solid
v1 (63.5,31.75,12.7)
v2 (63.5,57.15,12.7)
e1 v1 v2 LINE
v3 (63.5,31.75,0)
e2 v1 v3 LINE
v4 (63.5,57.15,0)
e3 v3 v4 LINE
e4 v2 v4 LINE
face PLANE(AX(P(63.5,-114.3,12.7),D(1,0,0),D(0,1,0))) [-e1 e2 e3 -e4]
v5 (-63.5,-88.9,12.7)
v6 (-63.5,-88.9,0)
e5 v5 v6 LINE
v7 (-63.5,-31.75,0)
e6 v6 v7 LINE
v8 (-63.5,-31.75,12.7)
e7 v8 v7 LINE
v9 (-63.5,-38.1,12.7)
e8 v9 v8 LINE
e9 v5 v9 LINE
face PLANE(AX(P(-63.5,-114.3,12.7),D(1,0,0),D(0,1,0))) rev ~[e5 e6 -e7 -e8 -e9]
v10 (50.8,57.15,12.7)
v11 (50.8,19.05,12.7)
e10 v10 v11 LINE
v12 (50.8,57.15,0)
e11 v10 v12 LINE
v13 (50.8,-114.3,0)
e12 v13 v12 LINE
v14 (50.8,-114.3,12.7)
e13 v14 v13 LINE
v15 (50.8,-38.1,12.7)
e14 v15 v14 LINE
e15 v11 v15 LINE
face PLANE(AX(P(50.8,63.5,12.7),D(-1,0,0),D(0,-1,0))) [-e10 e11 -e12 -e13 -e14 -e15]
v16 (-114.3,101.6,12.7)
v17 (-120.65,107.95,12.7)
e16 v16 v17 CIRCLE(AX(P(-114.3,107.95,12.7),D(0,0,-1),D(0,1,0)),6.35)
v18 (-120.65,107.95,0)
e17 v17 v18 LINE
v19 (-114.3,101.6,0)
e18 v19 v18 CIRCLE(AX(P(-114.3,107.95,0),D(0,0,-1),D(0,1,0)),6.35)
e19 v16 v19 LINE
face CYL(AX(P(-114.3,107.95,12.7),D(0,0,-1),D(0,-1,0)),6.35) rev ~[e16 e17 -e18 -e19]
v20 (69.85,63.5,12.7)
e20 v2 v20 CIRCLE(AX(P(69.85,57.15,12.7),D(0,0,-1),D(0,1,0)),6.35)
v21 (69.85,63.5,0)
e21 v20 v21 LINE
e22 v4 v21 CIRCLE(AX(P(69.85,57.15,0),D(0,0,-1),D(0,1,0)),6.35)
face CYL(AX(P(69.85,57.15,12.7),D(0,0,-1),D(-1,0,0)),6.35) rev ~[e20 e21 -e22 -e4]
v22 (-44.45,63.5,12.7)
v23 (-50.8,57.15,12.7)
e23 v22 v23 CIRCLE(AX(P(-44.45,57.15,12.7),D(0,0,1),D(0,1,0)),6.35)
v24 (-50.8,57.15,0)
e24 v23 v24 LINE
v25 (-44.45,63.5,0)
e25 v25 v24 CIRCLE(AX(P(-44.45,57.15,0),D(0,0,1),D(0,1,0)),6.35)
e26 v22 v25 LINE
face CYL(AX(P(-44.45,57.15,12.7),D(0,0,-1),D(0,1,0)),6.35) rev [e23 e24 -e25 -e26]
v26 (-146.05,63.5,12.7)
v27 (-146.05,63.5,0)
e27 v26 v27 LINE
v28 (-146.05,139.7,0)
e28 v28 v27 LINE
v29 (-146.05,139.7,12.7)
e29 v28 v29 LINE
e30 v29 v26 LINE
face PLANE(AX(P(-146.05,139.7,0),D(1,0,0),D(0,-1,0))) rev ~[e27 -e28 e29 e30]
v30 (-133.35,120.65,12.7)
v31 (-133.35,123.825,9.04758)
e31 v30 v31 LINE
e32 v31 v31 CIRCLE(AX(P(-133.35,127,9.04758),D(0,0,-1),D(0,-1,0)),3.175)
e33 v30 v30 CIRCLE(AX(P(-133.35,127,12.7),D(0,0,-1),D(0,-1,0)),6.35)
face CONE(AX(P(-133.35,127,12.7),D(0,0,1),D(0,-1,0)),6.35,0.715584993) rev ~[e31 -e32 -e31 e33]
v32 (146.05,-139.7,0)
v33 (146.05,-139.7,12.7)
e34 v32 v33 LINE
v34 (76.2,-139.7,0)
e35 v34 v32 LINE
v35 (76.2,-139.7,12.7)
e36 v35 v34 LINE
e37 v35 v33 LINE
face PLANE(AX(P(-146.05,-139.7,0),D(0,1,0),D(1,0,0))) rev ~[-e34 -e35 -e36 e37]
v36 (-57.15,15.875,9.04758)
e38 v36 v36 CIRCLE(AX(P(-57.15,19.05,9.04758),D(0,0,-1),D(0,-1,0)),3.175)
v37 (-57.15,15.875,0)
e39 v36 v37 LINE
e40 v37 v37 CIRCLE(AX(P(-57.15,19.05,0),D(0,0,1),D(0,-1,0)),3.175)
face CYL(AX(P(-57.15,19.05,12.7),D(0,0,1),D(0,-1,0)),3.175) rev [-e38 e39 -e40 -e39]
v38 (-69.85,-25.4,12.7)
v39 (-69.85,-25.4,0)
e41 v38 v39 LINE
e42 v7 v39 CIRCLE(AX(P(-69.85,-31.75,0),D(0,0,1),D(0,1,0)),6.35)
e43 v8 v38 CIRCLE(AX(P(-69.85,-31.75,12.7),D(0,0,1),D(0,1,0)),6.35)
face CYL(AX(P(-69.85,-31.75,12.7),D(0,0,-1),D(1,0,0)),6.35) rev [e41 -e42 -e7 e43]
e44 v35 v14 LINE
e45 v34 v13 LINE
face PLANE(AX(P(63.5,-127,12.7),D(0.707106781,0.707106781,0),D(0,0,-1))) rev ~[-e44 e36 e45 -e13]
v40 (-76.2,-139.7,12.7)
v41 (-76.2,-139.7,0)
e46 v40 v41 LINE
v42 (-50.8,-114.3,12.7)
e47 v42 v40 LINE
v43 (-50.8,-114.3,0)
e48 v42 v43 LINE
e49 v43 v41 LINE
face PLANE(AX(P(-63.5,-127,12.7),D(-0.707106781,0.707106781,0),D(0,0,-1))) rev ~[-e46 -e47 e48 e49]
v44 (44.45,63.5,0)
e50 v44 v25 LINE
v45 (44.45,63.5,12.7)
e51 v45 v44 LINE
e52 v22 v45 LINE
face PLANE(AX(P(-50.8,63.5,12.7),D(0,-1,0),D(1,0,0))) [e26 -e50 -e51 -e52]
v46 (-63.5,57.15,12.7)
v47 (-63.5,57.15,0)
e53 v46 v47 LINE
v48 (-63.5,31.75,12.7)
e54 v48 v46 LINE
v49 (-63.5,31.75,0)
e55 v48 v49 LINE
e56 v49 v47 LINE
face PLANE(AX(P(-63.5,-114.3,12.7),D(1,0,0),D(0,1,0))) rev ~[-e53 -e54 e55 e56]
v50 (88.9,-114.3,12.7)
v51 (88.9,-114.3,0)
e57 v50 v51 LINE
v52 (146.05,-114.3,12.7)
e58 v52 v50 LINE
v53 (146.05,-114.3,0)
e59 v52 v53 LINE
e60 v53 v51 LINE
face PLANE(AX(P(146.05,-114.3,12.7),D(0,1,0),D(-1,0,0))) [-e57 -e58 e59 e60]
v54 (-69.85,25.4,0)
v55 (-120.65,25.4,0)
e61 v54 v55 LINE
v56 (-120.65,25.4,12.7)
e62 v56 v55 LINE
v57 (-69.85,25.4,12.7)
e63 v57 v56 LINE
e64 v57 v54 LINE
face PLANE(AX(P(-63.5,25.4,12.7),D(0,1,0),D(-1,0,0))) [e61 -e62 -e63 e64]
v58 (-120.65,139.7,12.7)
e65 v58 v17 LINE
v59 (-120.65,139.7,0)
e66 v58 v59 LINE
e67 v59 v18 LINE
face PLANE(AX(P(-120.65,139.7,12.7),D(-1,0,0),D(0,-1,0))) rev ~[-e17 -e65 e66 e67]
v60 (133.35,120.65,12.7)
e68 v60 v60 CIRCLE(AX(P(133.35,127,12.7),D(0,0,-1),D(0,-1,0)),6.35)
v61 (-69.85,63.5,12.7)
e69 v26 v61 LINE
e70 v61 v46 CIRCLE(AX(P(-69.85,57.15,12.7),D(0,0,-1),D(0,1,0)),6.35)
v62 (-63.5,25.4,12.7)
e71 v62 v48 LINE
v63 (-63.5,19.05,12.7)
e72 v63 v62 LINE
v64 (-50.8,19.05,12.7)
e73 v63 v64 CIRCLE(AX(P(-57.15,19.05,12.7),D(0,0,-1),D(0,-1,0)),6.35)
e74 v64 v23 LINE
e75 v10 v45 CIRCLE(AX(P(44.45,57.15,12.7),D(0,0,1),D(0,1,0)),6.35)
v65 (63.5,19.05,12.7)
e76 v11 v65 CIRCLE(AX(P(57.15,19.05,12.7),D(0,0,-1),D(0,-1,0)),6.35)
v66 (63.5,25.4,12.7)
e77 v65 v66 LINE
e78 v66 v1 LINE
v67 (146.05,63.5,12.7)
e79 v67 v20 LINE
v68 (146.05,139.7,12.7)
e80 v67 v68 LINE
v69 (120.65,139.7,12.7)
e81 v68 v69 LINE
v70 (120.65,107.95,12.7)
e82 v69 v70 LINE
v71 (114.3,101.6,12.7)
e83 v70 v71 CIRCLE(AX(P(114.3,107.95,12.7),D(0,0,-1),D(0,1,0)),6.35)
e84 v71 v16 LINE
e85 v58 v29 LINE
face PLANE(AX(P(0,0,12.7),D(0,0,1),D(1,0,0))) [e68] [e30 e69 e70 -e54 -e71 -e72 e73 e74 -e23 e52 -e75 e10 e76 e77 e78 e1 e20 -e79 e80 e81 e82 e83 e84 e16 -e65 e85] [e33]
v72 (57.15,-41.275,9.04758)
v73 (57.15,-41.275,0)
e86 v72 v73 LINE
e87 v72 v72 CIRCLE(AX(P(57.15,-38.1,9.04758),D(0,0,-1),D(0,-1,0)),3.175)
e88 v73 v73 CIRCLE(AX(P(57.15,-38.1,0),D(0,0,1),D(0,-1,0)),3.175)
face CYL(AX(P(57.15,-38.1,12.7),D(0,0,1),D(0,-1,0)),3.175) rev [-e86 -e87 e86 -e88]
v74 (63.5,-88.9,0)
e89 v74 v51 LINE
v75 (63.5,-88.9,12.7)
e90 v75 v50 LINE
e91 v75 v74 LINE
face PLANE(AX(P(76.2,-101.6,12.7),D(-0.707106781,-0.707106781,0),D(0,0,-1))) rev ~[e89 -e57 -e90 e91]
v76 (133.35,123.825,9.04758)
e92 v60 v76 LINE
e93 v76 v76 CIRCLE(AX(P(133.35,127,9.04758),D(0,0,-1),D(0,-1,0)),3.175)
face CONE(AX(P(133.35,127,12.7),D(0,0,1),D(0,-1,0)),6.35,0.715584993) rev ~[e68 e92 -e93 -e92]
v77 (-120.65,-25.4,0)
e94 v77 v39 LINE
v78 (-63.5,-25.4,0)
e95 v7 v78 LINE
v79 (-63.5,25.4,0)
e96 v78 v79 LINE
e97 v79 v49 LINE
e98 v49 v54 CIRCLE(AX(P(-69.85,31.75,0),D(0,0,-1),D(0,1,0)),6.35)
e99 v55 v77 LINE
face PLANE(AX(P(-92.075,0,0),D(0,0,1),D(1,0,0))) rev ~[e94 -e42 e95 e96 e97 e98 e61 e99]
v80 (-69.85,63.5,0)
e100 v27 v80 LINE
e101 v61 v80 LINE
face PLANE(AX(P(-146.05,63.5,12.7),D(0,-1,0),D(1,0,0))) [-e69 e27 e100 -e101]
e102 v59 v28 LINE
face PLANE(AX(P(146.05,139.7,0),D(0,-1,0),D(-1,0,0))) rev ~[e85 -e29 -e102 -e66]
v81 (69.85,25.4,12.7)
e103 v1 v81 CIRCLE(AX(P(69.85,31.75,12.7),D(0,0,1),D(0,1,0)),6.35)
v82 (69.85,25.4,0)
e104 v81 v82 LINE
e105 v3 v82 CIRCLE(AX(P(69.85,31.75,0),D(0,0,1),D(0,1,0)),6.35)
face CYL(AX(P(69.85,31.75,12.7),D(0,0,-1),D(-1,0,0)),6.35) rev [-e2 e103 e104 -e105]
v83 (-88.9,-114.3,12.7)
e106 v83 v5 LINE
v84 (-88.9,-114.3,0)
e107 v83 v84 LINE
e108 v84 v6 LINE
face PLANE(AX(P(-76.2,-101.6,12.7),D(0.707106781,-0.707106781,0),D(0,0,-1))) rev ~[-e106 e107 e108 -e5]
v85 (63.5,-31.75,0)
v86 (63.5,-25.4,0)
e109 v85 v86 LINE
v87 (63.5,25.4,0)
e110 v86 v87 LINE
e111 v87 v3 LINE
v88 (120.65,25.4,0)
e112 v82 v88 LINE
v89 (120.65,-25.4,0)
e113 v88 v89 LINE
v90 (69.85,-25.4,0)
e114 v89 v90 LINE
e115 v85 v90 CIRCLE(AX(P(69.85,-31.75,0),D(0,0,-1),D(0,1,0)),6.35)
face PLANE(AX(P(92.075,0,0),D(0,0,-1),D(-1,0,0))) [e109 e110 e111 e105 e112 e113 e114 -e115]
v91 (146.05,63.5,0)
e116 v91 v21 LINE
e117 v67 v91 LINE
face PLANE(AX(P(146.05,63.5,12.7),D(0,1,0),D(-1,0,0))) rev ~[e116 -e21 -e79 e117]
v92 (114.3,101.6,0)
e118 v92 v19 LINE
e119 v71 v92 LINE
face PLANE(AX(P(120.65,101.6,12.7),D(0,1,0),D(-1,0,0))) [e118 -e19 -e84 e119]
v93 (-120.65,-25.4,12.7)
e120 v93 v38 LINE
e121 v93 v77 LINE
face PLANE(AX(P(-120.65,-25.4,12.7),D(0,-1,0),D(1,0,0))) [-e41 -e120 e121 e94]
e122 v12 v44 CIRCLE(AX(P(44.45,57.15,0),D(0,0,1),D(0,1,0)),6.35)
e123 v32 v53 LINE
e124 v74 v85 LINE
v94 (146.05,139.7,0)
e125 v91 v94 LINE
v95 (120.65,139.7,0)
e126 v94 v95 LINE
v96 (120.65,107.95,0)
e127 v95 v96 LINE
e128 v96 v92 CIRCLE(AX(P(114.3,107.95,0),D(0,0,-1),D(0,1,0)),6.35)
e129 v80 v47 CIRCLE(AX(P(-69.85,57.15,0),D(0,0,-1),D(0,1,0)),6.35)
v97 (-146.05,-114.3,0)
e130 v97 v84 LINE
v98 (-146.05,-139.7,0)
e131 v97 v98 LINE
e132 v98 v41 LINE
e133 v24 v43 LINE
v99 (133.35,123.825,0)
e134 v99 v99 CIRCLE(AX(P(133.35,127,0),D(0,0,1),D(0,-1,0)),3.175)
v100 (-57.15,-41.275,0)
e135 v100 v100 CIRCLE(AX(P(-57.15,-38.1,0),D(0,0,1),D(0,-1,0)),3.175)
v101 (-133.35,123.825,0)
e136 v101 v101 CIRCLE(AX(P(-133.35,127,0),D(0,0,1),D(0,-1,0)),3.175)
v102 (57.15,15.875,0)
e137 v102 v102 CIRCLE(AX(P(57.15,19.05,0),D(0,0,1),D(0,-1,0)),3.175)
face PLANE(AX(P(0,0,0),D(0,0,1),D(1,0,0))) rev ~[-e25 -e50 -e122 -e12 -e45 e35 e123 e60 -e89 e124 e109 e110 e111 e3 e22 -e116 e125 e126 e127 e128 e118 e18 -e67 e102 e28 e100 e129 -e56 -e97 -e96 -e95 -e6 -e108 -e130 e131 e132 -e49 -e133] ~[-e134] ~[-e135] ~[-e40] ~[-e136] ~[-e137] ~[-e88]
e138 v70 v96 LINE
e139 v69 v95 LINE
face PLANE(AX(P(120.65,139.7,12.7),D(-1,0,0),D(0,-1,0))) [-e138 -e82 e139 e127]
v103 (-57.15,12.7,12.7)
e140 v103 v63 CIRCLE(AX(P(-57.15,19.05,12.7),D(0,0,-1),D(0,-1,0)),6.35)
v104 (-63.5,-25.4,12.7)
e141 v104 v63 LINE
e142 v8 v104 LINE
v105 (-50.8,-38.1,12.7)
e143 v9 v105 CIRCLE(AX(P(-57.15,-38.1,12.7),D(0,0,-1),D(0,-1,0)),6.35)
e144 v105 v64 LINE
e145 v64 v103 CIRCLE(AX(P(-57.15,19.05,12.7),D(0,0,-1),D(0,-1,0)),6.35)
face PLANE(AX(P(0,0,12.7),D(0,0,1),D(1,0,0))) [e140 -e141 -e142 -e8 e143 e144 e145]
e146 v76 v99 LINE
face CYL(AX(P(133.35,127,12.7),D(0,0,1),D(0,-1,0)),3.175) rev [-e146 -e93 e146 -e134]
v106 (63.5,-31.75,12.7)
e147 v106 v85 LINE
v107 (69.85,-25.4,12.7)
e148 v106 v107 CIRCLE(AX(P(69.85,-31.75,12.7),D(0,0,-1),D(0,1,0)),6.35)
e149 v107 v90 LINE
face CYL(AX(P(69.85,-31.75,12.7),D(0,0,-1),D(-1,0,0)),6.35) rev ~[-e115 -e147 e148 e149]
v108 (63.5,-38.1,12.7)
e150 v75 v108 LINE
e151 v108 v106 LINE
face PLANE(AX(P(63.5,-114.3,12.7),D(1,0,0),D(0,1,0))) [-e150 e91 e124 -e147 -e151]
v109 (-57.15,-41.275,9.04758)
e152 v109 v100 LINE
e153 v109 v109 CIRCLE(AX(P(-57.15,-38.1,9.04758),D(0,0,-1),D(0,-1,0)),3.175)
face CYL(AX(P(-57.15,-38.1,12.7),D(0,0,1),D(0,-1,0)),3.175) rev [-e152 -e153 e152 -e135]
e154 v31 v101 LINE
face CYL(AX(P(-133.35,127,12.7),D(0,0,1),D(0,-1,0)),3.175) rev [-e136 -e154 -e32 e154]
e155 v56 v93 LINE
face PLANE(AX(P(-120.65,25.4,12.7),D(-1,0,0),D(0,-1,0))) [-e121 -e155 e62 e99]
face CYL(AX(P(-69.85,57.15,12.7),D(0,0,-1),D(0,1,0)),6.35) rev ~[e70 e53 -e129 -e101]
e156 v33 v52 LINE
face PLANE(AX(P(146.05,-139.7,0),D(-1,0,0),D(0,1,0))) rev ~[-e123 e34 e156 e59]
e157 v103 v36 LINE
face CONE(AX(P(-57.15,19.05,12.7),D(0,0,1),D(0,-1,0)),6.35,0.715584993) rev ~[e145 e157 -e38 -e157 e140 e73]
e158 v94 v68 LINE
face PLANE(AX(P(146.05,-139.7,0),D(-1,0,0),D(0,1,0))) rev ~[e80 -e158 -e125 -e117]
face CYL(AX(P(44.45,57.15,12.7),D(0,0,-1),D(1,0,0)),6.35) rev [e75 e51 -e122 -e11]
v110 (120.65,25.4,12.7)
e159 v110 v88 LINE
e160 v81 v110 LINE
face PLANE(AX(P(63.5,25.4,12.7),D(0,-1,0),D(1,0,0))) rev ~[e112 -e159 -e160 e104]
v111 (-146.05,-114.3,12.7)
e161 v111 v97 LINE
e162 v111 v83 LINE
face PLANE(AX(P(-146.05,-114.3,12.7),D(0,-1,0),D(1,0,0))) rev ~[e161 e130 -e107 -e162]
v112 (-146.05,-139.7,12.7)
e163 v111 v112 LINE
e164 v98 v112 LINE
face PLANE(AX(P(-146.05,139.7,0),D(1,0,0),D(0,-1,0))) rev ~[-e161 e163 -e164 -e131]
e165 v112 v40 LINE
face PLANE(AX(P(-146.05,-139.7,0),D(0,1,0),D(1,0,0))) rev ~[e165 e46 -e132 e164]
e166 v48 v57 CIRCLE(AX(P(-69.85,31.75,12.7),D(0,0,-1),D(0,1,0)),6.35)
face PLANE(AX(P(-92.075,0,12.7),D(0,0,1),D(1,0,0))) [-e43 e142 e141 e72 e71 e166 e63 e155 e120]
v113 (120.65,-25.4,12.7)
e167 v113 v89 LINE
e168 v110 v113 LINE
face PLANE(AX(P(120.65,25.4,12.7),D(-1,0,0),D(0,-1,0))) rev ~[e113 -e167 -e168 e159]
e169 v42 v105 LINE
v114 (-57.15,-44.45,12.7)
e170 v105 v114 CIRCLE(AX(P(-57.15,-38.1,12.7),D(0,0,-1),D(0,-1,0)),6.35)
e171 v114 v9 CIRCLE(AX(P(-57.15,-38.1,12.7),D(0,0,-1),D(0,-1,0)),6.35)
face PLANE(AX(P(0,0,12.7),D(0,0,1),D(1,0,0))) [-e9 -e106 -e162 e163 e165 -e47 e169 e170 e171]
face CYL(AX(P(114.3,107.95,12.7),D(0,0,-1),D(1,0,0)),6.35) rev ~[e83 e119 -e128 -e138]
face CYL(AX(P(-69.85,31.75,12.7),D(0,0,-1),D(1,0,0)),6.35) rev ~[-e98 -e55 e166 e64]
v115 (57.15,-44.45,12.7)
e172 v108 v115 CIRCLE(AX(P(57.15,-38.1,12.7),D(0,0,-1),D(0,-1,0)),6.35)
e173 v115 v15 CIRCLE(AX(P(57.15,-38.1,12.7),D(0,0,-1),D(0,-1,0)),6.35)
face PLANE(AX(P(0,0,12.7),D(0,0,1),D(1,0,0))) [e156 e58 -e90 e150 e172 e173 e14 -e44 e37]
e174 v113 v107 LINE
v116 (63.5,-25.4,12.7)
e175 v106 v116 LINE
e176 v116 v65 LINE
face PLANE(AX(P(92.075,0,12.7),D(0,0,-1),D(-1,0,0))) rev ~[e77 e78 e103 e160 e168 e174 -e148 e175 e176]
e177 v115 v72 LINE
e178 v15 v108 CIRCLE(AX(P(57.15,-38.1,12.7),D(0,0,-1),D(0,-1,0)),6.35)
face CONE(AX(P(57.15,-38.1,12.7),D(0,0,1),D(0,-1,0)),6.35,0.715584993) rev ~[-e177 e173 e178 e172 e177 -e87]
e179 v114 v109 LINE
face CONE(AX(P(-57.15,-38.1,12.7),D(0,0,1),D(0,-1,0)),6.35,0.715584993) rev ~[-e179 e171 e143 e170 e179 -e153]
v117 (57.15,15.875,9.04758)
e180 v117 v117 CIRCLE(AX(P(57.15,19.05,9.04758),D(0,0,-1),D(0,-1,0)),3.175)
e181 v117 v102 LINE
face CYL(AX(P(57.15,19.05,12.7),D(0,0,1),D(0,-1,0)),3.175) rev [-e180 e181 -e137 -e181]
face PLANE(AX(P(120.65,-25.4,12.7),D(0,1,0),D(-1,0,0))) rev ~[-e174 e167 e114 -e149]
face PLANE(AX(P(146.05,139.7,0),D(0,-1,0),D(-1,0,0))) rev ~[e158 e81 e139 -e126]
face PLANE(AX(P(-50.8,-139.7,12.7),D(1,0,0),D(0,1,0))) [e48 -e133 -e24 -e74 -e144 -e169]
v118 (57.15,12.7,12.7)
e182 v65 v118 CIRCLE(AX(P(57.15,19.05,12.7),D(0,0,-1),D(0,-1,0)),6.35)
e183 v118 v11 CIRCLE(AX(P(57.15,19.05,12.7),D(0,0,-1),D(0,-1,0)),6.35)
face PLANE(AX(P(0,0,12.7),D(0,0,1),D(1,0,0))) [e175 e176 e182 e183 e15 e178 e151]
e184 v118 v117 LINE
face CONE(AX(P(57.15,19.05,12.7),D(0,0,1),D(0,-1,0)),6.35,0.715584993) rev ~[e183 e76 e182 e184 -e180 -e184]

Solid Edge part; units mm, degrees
sketch "Sketch1" plane through (0, 0, 0) normal (0, 0, 1) x (1, 0, 0)
  line L0 (-146.05, 139.7) -> (-146.05, -139.7)
  line L1 (-146.05, -139.7) -> (146.05, -139.7)
  line L2 (146.05, -139.7) -> (146.05, 139.7)
  line L3 (146.05, 139.7) -> (-146.05, 139.7)
  dimension "D1" = 292.1
  dimension "D2" = 279.4
extrude "Protrusion1" add sketch "Sketch1" along normal blind 12.7
sketch "Sketch2" plane through (0, 0, 12.7) normal (0, 0, 1) x (1, 0, 0)
  line L0 (-50.8, -139.7) -> (-50.8, 63.5)
  line L1 (-50.8, 63.5) -> (50.8, 63.5)
  line L2 (50.8, 63.5) -> (50.8, -139.7)
  line L3 (50.8, -139.7) -> (-50.8, -139.7)
  dimension "D1" = 203.2
  dimension "D2" = 101.6
  dimension "D3" = 95.25
  dimension "D4" = 95.25
extrude "Cutout1" cut sketch "Sketch2" against normal up to next
sketch "Sketch3" plane through (0, 0, 12.7) normal (0, 0, 1) x (1, 0, 0)
  line L0 (146.05, 38.1) -> (146.05, -38.1)
  line L1 (146.05, -38.1) -> (127, -38.1)
  line L2 (127, -38.1) -> (127, 38.1)
  line L3 (127, 38.1) -> (146.05, 38.1)
  line L4 (-146.05, 38.1) -> (-146.05, -38.1)
  line L5 (-146.05, -38.1) -> (-127, -38.1)
  line L6 (-127, -38.1) -> (-127, 38.1)
  line L7 (-127, 38.1) -> (-146.05, 38.1)
  dimension "D1" = 19.05
  dimension "D2" = 76.2
  dimension "D3" = 101.6
  dimension "D4" = 76.2
extrude "Cutout2" cut sketch "Sketch3" against normal up to next
sketch "Sketch4" plane through (0, 0, 12.7) normal (0, 0, 1) x (1, 0, 0)
  line L0 (120.65, 101.6) -> (-120.65, 101.6)
  line L1 (-120.65, 139.7) -> (-120.65, 101.6)
  line L2 (120.65, 139.7) -> (-120.65, 139.7)
  line L3 (120.65, 139.7) -> (120.65, 101.6)
  line L4 (146.05, -114.3) -> (63.5, -114.3)
  line L5 (63.5, -114.3) -> (63.5, 63.5)
  line L6 (146.05, 63.5) -> (63.5, 63.5)
  line L7 (146.05, 63.5) -> (146.05, 38.1)
  line L8 (146.05, 38.1) -> (127, 38.1)
  line L9 (127, -38.1) -> (127, 38.1)
  line L10 (146.05, -38.1) -> (127, -38.1)
  line L11 (146.05, -38.1) -> (146.05, -114.3)
  line L12 (-146.05, -114.3) -> (-63.5, -114.3)
  line L13 (-63.5, -114.3) -> (-63.5, 63.5)
  line L14 (-146.05, 63.5) -> (-63.5, 63.5)
  line L15 (-146.05, 63.5) -> (-146.05, 38.1)
  line L16 (-146.05, 38.1) -> (-127, 38.1)
  line L17 (-127, -38.1) -> (-127, 38.1)
  line L18 (-146.05, -38.1) -> (-127, -38.1)
  line L19 (-146.05, -38.1) -> (-146.05, -114.3)
  dimension "D1" = 25.4
  dimension "D2" = 25.4
  dimension "D3" = 38.1
  dimension "D4" = 25.4
  dimension "D5" = 12.7
extrude "Cutout3" cut sketch "Sketch4" against normal through all
chamfer "Chamfer_1" distance 25.4 angle 45 4 edges at (-63.5, -114.3, 6.35) (-50.8, -139.7, 6.35) (50.8, -139.7, 6.35) (63.5, -114.3, 6.35)
hole "Hole_1" at (-57.15, -38.1, 12.7) direction (0, 0, -1) diameter 6.35 end up to next countersink diameter 12.7 countersink angle 82
hole "Hole1" at (57.15, -38.1, 12.7) direction (0, 0, -1) diameter 6.35 end up to next countersink diameter 12.7 countersink angle 82
hole "Hole2" at (57.15, 19.05, 12.7) direction (0, 0, -1) diameter 6.35 end up to next countersink diameter 12.7 countersink angle 82
hole "Hole3" at (-57.15, 19.05, 12.7) direction (0, 0, -1) diameter 6.35 end up to next countersink diameter 12.7 countersink angle 82
sketch "Sketch5" plane through (0, 0, 12.7) normal (0, 0, 1) x (1, 0, 0)
  line L0 (120.65, 25.4) -> (120.65, -25.4)
  line L1 (120.65, -25.4) -> (63.5, -25.4)
  line L2 (63.5, -25.4) -> (63.5, 25.4)
  line L3 (63.5, 25.4) -> (120.65, 25.4)
  line L4 (-120.65, 25.4) -> (-120.65, -25.4)
  line L5 (-120.65, -25.4) -> (-63.5, -25.4)
  line L6 (-63.5, -25.4) -> (-63.5, 25.4)
  line L7 (-63.5, 25.4) -> (-120.65, 25.4)
  dimension "D1" = 114.3
  dimension "D2" = 50.8
  dimension "D3" = 25.4
extrude "ExtrudedProtrusion_2" add sketch "Sketch5" against normal blind 12.7
hole "Hole4" at (133.35, 127, 12.7) direction (0, 0, -1) diameter 6.35 end up to next countersink diameter 12.7 countersink angle 82
hole "Hole5" at (-133.35, 127, 12.7) direction (0, 0, -1) diameter 6.35 end up to next countersink diameter 12.7 countersink angle 82
fillet "Round_1" radius 6.35 10 edges at (-63.5, 63.5, 6.35) (-63.5, 25.4, 6.35) (-63.5, -25.4, 6.35) (63.5, 63.5, 6.35) (63.5, 25.4, 6.35) (63.5, -25.4, 6.35) (-50.8, 63.5, 6.35) (50.8, 63.5, 6.35) (-120.65, 101.6, 6.35) (120.65, 101.6, 6.35)
properties part number "CHAS-01"
